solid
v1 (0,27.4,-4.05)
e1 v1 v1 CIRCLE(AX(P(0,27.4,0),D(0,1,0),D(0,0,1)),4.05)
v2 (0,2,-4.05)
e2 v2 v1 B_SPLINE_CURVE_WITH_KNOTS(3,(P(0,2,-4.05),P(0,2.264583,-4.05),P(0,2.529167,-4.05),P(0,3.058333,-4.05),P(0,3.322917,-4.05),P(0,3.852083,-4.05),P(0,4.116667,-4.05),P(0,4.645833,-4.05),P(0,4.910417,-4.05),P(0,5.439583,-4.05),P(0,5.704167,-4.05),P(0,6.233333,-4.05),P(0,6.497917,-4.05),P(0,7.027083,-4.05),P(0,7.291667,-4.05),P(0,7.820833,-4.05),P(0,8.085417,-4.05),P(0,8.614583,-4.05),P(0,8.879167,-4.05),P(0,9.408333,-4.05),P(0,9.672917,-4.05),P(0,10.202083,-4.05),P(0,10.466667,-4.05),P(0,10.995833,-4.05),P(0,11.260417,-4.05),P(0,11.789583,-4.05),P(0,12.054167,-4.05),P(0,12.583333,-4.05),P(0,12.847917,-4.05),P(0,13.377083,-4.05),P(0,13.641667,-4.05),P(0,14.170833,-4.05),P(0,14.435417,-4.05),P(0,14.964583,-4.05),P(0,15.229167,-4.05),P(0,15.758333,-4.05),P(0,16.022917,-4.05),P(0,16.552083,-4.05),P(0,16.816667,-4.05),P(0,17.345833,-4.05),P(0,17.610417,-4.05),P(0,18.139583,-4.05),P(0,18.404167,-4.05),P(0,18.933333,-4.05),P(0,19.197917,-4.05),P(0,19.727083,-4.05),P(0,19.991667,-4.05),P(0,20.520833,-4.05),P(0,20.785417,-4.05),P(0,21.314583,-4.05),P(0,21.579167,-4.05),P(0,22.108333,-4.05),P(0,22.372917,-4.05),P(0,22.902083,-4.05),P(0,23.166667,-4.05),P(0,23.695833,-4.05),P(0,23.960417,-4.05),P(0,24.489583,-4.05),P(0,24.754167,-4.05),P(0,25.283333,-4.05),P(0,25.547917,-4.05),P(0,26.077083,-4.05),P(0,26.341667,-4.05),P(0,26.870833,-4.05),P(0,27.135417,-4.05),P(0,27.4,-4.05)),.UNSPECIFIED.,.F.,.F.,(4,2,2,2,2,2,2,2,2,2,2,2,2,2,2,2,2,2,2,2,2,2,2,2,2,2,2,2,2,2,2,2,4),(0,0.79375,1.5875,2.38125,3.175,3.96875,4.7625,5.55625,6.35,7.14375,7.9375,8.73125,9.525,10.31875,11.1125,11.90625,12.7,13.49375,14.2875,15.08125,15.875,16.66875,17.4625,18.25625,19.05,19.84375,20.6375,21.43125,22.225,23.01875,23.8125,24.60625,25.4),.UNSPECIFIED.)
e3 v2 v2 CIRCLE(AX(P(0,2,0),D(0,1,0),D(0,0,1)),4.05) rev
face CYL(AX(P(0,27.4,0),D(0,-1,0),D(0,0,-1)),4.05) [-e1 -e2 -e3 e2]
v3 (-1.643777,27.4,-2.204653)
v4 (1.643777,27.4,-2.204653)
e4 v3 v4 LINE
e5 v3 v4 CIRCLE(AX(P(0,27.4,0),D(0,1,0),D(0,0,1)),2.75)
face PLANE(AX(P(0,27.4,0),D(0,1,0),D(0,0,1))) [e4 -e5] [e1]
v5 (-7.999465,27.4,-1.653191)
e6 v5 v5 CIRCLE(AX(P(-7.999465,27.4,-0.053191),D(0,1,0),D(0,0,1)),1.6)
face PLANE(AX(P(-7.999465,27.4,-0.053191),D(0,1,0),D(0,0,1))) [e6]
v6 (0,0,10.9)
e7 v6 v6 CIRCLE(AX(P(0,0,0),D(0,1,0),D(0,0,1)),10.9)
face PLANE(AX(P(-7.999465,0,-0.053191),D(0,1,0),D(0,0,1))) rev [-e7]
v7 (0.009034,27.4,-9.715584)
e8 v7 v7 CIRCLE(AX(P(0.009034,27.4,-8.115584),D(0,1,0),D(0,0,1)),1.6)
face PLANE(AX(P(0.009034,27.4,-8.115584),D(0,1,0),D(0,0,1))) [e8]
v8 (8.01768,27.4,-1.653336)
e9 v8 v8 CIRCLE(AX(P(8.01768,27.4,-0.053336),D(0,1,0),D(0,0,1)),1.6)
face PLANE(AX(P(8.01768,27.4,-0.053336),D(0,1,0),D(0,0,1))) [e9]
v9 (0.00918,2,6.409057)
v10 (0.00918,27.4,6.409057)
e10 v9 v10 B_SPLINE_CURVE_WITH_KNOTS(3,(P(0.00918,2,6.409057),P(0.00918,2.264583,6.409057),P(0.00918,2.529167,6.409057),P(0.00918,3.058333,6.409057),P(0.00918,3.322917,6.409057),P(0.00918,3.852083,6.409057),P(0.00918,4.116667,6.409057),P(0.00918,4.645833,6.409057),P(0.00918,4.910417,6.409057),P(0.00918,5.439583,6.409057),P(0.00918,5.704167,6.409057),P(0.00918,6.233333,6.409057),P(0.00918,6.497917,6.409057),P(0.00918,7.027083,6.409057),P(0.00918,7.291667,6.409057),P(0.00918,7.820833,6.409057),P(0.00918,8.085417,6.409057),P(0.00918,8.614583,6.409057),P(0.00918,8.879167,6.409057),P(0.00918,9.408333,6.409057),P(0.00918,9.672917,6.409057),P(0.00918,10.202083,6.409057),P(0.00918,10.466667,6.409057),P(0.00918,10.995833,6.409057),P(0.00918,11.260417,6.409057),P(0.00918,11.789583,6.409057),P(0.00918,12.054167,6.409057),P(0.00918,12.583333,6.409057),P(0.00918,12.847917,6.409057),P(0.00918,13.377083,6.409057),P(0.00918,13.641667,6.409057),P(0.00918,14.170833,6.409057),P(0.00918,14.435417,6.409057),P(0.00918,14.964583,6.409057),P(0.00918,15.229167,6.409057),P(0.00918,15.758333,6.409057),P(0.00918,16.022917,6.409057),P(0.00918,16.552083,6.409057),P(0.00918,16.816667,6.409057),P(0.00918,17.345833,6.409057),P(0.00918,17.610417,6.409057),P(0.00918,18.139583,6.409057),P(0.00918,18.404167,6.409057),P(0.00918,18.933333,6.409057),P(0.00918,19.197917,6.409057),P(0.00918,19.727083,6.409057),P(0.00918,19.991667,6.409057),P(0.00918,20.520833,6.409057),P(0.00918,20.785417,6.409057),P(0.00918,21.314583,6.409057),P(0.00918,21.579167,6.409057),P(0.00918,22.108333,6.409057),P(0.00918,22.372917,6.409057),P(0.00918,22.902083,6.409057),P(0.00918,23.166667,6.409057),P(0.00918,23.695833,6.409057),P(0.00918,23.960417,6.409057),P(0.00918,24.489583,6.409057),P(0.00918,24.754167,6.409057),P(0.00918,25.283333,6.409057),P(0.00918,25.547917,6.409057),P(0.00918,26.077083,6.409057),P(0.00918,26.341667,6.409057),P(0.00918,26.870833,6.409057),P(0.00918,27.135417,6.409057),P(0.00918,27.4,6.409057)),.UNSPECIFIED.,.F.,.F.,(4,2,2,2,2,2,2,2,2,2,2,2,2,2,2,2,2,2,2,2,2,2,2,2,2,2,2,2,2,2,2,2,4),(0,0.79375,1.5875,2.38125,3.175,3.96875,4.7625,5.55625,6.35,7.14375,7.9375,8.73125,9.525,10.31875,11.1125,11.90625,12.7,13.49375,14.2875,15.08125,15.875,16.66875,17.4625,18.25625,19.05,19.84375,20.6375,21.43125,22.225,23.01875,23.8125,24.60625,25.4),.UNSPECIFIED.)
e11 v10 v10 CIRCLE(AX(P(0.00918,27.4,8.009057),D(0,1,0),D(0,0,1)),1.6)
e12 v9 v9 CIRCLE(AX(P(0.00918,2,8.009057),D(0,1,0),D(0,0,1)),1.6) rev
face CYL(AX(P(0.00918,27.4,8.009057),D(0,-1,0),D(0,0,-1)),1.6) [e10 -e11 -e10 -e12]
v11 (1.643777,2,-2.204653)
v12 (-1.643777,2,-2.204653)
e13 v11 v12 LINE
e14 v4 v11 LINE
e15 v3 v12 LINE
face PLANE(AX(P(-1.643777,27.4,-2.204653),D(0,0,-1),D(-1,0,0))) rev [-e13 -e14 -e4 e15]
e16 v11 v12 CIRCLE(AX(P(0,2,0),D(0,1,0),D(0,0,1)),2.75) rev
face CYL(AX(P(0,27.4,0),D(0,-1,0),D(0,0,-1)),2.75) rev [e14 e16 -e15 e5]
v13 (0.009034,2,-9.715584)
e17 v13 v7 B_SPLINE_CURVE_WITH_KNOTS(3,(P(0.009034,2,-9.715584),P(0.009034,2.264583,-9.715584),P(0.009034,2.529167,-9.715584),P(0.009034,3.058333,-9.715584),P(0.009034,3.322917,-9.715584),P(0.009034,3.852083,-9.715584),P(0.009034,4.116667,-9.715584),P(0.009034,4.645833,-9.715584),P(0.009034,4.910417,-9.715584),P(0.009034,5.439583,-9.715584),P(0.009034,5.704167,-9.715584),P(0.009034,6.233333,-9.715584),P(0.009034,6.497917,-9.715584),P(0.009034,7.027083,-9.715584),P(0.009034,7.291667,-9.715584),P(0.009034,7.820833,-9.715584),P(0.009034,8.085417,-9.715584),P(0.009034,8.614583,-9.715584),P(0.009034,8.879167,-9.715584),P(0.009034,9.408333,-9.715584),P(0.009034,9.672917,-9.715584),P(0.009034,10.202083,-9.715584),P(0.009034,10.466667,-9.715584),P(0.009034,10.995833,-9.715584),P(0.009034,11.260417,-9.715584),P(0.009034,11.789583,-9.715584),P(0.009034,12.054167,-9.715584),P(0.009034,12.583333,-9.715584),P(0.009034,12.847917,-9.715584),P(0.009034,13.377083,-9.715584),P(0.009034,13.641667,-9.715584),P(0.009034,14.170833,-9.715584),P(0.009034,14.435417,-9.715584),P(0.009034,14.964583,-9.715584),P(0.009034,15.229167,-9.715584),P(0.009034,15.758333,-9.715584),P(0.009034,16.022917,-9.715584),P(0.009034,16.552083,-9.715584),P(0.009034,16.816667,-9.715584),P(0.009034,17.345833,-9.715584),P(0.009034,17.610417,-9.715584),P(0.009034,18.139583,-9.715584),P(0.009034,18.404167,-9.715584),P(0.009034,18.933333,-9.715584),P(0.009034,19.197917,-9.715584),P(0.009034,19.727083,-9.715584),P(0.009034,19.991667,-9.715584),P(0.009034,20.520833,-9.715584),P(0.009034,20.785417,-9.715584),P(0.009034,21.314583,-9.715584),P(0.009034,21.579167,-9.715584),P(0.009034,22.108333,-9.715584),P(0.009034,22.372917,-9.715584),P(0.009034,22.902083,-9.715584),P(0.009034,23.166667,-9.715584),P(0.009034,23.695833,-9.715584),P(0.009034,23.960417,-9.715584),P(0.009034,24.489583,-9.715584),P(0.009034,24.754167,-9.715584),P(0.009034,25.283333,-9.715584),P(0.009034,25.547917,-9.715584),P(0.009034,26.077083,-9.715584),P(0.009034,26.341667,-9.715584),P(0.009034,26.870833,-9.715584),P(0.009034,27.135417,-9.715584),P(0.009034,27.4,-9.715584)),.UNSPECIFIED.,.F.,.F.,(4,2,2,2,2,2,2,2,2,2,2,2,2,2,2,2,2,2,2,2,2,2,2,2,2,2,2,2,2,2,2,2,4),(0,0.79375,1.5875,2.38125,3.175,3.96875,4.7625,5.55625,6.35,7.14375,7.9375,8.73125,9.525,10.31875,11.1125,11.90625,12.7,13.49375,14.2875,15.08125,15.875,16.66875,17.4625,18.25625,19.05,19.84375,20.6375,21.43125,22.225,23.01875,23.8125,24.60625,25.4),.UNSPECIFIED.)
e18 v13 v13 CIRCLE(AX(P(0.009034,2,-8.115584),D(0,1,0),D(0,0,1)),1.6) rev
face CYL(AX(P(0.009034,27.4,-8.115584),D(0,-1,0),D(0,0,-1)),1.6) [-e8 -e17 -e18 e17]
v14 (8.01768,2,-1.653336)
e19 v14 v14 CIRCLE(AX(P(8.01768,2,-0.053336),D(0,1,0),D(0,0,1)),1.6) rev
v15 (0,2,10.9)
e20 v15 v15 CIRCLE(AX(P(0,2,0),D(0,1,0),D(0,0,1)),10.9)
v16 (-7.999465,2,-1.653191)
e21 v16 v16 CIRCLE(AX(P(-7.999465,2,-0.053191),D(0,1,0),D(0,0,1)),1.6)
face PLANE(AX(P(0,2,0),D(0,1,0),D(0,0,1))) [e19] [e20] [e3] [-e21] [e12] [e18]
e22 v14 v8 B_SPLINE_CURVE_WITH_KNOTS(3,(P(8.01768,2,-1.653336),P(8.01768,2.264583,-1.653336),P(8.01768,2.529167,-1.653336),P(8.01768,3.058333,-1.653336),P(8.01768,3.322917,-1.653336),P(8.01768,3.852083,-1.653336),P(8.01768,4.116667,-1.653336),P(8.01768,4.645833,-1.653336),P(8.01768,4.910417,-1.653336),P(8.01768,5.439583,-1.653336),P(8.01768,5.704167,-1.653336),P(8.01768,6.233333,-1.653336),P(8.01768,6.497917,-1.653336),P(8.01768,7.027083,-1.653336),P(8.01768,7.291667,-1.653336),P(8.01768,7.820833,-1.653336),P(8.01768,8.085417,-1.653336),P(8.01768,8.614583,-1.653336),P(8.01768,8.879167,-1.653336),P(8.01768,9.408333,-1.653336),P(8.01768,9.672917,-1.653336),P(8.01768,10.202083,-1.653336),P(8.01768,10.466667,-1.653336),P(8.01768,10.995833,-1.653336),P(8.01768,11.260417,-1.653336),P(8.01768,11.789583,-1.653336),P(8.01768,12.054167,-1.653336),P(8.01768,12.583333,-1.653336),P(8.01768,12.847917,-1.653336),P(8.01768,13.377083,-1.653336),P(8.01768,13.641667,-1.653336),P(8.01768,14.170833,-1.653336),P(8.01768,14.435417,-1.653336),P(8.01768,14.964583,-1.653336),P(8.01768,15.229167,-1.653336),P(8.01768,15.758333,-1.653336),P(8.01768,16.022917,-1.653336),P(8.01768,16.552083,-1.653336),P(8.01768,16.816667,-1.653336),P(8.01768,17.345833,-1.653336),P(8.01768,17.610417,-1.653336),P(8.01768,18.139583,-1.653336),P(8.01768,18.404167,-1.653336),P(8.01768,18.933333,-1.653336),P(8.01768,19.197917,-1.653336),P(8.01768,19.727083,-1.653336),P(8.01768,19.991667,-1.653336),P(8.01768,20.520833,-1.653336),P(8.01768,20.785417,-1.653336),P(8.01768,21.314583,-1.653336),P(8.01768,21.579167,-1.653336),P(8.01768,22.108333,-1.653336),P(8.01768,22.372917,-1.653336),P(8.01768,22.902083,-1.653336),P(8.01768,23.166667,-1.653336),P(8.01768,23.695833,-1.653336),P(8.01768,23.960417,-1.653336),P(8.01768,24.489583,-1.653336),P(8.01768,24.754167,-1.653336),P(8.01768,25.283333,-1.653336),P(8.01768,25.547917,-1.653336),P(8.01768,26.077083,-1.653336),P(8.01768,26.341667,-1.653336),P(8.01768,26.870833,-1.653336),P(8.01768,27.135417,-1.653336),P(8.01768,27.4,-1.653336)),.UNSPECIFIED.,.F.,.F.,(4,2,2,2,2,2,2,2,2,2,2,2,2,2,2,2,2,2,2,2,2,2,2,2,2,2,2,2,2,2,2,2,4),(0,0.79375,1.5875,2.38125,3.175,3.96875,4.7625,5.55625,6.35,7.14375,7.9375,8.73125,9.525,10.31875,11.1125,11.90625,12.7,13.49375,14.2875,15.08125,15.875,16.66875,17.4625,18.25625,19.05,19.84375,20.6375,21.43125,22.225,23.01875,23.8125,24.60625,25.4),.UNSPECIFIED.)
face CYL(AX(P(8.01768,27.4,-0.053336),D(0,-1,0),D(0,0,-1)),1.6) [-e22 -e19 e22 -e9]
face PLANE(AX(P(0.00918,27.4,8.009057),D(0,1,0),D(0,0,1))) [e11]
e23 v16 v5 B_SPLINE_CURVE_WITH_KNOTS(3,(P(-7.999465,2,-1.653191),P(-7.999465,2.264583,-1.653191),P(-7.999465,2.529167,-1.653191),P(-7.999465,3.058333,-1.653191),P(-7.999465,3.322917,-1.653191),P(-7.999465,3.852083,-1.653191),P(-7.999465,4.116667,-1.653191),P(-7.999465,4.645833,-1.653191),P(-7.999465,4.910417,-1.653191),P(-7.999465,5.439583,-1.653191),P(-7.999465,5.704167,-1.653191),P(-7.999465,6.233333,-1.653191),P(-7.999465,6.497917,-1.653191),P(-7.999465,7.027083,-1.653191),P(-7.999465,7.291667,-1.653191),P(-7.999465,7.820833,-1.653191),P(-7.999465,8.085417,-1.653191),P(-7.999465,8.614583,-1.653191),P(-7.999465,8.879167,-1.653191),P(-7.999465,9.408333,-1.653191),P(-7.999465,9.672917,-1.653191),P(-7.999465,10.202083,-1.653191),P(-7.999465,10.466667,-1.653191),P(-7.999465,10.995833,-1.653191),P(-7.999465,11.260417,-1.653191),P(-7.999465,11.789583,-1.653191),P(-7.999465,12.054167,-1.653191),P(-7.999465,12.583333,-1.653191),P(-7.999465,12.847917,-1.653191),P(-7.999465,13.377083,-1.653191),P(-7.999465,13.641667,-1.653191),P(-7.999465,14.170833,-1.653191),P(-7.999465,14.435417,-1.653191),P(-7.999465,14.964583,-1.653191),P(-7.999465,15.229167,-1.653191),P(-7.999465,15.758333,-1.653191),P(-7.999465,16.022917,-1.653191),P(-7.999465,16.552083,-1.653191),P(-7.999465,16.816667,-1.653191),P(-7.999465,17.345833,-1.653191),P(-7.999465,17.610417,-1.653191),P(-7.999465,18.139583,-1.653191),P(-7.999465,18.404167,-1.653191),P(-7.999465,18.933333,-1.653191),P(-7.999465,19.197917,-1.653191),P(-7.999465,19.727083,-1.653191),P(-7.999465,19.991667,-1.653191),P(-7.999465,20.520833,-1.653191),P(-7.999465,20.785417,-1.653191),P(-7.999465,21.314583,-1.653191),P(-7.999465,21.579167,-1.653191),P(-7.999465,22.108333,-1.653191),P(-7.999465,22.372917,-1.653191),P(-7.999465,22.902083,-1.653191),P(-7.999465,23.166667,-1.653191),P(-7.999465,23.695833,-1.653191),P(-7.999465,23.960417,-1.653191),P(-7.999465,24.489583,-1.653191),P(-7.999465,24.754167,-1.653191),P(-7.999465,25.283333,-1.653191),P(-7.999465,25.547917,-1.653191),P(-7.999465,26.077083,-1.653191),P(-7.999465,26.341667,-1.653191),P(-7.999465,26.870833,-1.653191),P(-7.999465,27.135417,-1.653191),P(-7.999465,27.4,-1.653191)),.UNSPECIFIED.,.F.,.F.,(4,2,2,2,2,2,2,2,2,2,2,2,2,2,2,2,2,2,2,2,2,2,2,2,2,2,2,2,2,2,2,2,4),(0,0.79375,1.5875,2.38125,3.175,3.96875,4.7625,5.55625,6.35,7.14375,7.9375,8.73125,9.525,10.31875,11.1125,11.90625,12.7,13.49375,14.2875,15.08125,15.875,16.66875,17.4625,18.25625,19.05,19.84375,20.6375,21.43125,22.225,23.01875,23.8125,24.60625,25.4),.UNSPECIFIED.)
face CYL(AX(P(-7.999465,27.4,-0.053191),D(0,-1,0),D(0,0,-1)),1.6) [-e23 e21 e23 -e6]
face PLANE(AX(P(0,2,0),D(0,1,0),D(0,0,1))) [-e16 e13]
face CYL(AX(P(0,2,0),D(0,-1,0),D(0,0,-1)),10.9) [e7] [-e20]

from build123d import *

# Parameters (mm, degrees)
SKETCH3_R             = 1.6
BOSS_EXTRUDE1_DEPTH   = 27.4
BOSS_EXTRUDE1_2_DEPTH = 27.4
BOSS_EXTRUDE1_3_DEPTH = 27.4
BOSS_EXTRUDE1_4_DEPTH = 27.4
SKETCH3_R_2           = 4.05
BOSS_EXTRUDE1_5_DEPTH = 27.4
SKETCH3_17_R          = 10.9
BOSS_EXTRUDE2_DEPTH   = 2


with BuildPart() as part:
    # Sketch3 → Boss-Extrude1 (new body)
    with BuildSketch(Plane(origin=(0, 0, 0), x_dir=(1, 0, 0), z_dir=(0, 1, 0))):
        with Locations((0.009034474, 8.115584077)):
            Circle(SKETCH3_R)
    extrude(amount=BOSS_EXTRUDE1_DEPTH)



with BuildPart() as body_2:
    # Sketch3 → Boss-Extrude1 2 (new body)
    with BuildSketch(Plane(origin=(0, 0, 0), x_dir=(1, 0, 0), z_dir=(0, 1, 0))):
        with Locations((8.017679827, 0.053335715)):
            Circle(SKETCH3_R)
    extrude(amount=BOSS_EXTRUDE1_2_DEPTH)


with BuildPart() as body_3:
    # Sketch3 → Boss-Extrude1 3 (new body)
    with BuildSketch(Plane(origin=(0, 0, 0), x_dir=(1, 0, 0), z_dir=(0, 1, 0))):
        with Locations((0.009179949, -8.009057152)):
            Circle(SKETCH3_R)
    extrude(amount=BOSS_EXTRUDE1_3_DEPTH)


with BuildPart() as body_4:
    # Sketch3 → Boss-Extrude1 4 (new body)
    with BuildSketch(Plane(origin=(0, 0, 0), x_dir=(1, 0, 0), z_dir=(0, 1, 0))):
        with Locations((-7.999465404, 0.05319121)):
            Circle(SKETCH3_R)
    extrude(amount=BOSS_EXTRUDE1_4_DEPTH)


with BuildPart() as body_5:
    # Sketch3 → Boss-Extrude1 5 (new body)
    with BuildSketch(Plane(origin=(0, 0, 0), x_dir=(1, 0, 0), z_dir=(0, 1, 0))):
        Circle(SKETCH3_R_2)
        with BuildLine():
            Line((-1.643777195, 2.204653382), (1.643777195, 2.204653382))
            ThreePointArc((1.643777195, 2.204653382), (0, -2.75), (-1.643777195, 2.204653382))
        make_face(mode=Mode.SUBTRACT)
    extrude(amount=BOSS_EXTRUDE1_5_DEPTH)


with BuildPart() as part_1:
    add(part.part)

    add(body_2.part)  # Boss-Extrude2 merges body 2

    add(body_3.part)  # Boss-Extrude2 merges body 3

    add(body_4.part)  # Boss-Extrude2 merges body 4

    add(body_5.part)  # Boss-Extrude2 merges body 5
    # Sketch3<17> → Boss-Extrude2 (add)
    with BuildSketch(Plane(origin=(0, 0, 0), x_dir=(1, 0, 0), z_dir=(0, 1, 0))):
        Circle(SKETCH3_17_R)
    extrude(amount=BOSS_EXTRUDE2_DEPTH)


solid = part_1.part
